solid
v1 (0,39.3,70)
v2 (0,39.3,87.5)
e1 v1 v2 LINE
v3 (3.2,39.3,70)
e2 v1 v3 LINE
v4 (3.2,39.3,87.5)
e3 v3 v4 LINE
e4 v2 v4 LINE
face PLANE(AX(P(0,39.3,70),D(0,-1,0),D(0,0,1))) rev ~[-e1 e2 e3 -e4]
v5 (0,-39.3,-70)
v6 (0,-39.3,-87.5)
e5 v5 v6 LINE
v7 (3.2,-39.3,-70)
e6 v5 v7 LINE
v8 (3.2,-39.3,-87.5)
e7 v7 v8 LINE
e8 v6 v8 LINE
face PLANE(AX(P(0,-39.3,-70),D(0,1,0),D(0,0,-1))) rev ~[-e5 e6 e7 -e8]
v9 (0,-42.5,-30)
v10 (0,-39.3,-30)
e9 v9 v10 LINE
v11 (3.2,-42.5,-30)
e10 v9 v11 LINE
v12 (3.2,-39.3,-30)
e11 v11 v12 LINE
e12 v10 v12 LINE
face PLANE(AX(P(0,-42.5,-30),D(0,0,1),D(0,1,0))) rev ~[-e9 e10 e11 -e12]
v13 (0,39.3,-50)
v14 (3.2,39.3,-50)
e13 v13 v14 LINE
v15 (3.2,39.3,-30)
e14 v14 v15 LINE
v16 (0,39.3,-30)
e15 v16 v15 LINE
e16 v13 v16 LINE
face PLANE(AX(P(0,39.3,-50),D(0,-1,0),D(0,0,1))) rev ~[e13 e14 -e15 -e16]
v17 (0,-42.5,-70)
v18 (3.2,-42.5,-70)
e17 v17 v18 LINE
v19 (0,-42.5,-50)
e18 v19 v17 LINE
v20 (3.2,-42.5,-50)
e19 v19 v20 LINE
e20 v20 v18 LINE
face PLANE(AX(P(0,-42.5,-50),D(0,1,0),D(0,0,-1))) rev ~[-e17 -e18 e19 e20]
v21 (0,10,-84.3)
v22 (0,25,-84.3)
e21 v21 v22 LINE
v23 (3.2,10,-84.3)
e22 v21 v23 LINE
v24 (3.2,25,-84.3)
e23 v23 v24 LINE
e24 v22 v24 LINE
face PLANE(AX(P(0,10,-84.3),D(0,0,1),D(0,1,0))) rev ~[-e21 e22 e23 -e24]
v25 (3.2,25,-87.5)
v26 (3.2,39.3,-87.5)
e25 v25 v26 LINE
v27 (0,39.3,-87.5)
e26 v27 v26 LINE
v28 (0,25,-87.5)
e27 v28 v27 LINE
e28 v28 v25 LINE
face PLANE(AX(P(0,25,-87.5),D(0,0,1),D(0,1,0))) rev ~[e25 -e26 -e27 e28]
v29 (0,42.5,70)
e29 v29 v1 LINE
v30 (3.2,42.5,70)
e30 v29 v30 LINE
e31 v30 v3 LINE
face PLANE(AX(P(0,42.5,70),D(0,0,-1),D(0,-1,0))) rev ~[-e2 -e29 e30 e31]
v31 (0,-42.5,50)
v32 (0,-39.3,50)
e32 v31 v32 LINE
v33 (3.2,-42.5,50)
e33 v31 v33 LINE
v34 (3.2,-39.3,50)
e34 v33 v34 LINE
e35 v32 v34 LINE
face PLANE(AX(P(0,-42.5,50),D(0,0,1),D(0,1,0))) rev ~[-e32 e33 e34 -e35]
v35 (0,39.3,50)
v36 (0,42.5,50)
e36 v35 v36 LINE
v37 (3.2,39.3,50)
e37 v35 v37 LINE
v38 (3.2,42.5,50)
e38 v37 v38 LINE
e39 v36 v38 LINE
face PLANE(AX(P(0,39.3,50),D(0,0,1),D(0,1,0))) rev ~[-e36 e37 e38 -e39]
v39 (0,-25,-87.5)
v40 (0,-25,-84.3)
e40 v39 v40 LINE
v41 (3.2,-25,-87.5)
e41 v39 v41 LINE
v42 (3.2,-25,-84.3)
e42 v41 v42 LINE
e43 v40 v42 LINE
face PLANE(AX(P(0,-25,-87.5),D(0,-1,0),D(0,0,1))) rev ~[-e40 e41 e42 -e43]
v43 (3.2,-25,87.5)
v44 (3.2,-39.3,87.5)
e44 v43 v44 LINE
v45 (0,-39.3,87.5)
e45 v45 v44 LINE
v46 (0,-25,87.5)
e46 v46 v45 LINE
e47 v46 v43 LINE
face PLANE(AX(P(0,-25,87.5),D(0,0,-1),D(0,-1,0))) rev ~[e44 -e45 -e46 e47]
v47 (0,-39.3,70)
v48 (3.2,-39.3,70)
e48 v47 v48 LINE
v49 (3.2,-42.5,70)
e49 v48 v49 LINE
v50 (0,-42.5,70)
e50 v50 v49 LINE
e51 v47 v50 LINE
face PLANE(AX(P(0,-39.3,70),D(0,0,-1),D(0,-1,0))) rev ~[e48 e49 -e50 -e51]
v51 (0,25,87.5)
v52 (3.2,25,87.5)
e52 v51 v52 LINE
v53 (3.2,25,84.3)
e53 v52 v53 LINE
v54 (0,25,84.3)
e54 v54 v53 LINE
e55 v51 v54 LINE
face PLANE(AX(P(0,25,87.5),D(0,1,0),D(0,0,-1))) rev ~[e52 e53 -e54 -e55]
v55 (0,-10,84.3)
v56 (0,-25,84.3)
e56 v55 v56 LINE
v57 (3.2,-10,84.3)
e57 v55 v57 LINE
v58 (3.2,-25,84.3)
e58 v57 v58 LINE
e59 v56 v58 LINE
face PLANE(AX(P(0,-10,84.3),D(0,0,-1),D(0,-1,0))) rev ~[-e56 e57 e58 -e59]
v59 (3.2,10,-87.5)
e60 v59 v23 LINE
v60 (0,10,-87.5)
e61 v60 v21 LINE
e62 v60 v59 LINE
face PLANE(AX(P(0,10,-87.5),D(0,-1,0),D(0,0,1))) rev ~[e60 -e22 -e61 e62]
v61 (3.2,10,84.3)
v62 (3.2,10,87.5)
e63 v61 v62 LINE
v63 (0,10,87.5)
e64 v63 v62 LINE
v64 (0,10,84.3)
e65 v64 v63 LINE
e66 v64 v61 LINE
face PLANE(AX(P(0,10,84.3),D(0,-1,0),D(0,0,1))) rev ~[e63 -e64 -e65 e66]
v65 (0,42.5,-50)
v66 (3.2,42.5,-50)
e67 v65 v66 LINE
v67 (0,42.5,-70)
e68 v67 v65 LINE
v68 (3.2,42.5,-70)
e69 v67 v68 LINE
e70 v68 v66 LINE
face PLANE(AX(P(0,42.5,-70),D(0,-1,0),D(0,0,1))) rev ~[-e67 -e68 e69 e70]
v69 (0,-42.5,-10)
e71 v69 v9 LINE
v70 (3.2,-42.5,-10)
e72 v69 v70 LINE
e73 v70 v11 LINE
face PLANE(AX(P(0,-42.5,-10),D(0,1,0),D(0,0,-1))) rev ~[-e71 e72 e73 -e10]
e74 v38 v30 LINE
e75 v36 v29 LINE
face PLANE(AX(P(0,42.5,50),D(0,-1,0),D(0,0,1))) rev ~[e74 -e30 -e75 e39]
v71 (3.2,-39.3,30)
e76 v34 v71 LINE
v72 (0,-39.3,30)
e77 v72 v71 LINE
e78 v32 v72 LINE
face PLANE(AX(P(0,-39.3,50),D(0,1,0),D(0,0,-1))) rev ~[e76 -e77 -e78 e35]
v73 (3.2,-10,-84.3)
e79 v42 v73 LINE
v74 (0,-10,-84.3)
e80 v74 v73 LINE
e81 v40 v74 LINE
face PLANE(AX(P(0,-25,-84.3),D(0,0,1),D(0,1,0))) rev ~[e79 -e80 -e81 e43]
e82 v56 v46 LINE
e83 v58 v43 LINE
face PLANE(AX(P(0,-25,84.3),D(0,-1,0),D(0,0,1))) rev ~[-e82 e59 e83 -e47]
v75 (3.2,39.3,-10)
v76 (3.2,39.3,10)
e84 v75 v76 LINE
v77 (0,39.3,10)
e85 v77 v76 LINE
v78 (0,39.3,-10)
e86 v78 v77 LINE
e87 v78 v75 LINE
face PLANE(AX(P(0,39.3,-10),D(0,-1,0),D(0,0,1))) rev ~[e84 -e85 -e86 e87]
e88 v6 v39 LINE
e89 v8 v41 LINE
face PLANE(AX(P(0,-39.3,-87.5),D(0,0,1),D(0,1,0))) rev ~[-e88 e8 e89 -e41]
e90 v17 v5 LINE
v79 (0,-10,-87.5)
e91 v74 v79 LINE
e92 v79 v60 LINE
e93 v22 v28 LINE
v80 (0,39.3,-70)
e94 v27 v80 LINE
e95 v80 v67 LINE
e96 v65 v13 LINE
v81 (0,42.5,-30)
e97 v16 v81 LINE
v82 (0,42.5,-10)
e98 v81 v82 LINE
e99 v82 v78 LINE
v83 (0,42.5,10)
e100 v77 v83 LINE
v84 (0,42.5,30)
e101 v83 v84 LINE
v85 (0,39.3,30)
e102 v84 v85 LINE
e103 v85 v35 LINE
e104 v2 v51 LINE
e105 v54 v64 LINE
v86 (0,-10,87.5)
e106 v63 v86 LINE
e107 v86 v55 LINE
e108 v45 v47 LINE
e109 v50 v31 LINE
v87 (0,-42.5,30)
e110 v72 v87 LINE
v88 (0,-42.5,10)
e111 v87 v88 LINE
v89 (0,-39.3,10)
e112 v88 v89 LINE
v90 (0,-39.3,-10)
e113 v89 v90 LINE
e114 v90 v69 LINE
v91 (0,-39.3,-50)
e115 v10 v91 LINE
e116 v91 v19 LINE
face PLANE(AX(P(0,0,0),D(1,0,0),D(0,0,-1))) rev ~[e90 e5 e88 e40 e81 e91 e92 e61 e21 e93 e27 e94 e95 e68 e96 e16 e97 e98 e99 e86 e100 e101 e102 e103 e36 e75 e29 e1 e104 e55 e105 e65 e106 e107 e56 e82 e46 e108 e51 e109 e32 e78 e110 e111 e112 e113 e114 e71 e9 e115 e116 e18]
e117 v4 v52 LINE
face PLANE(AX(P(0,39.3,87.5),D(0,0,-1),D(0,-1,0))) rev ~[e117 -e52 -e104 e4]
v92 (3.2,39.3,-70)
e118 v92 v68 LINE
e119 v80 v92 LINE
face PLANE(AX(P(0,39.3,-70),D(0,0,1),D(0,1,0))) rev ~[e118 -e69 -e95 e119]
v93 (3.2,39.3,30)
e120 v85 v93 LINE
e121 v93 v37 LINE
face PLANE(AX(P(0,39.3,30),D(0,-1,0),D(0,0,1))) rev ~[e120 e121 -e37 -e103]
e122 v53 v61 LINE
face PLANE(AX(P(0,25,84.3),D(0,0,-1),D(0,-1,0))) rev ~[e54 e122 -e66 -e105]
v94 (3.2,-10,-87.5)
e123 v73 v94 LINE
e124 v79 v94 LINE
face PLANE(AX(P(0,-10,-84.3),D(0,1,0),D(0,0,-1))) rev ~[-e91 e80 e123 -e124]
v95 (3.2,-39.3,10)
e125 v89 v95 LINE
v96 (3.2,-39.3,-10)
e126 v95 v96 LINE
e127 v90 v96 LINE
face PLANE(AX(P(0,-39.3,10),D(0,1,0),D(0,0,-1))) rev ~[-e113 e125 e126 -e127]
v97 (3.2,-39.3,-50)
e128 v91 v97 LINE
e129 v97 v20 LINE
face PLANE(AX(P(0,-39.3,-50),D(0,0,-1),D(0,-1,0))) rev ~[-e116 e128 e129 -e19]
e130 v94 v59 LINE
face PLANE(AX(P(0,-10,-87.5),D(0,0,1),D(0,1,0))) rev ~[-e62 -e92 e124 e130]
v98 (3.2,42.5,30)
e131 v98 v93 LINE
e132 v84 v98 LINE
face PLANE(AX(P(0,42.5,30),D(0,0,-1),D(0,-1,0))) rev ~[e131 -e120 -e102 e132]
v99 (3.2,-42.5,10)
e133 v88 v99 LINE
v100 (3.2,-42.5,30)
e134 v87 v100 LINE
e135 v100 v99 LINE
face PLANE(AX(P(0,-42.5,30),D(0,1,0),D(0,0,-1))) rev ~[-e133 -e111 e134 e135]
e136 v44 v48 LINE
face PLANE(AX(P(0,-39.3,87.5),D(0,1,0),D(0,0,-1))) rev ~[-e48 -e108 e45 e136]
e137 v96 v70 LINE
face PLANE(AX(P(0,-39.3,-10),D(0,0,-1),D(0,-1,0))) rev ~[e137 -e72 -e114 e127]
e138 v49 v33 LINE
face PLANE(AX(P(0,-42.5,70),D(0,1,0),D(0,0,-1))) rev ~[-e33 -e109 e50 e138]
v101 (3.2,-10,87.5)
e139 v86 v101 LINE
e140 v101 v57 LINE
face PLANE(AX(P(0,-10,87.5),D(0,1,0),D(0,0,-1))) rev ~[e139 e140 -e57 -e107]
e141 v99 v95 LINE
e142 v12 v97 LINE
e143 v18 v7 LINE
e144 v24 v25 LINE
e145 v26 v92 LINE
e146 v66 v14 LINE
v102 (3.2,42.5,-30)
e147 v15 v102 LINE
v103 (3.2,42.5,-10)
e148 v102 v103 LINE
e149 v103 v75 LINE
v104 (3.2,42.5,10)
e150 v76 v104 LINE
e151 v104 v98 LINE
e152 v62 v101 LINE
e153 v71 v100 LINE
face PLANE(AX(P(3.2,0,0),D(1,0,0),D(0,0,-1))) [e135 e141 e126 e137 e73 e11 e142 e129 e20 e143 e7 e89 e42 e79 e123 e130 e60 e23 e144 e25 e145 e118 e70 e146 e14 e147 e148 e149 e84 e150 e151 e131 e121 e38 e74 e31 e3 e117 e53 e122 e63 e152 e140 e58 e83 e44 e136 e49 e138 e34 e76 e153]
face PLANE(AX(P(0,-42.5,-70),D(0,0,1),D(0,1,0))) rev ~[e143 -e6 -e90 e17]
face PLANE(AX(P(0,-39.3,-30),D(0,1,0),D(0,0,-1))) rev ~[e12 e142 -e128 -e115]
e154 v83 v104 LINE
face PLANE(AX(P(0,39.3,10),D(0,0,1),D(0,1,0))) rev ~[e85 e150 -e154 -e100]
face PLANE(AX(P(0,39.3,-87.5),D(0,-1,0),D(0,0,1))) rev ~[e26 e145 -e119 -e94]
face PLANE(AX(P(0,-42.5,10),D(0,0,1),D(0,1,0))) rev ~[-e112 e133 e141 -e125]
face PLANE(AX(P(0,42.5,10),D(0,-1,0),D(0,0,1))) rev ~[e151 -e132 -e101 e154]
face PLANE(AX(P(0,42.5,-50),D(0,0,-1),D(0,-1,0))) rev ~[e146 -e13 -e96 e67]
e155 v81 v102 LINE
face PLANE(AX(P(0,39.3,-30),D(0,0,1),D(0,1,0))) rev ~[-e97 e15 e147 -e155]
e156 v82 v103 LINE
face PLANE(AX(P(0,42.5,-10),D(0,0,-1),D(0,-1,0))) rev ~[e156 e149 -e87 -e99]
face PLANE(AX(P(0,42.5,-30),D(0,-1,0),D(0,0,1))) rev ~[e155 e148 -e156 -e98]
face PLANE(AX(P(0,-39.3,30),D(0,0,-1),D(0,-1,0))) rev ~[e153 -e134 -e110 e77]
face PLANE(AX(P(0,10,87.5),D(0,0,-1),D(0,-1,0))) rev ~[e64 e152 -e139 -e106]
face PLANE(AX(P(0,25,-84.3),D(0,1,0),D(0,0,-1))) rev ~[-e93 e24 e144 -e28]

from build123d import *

# Parameters (mm, degrees)
BOSS_EXTRUDE1_DEPTH = 3.2


with BuildPart() as part:
    # Sketch1 → Boss-Extrude1 (new body)
    with BuildSketch(Plane(origin=(0, 0, 0), x_dir=(0, 0, -1), z_dir=(1, 0, 0))):
        Polygon((-10, 42.5), (-30, 42.5), (-30, 39.3), (-50, 39.3), (-50, 42.5), (-70, 42.5), (-70, 39.3), (-87.5, 39.3), (-87.5, 25), (-84.3, 25), (-84.3, 10), (-87.5, 10), (-87.5, -10), (-84.3, -10), (-84.3, -25), (-87.5, -25), (-87.5, -39.3), (-70, -39.3), (-70, -42.5), (-50, -42.5), (-50, -39.3), (-30, -39.3), (-30, -42.5), (-10, -42.5), (-10, -39.3), (10, -39.3), (10, -42.5), (30, -42.5), (30, -39.3), (50, -39.3), (50, -42.5), (70, -42.5), (70, -39.3), (87.5, -39.3), (87.5, -25), (84.3, -25), (84.3, -10), (87.5, -10), (87.5, 10), (84.3, 10), (84.3, 25), (87.5, 25), (87.5, 39.3), (70, 39.3), (70, 42.5), (50, 42.5), (50, 39.3), (30, 39.3), (30, 42.5), (10, 42.5), (10, 39.3), (-10, 39.3), align=None)
    extrude(amount=BOSS_EXTRUDE1_DEPTH)


solid = part.part
